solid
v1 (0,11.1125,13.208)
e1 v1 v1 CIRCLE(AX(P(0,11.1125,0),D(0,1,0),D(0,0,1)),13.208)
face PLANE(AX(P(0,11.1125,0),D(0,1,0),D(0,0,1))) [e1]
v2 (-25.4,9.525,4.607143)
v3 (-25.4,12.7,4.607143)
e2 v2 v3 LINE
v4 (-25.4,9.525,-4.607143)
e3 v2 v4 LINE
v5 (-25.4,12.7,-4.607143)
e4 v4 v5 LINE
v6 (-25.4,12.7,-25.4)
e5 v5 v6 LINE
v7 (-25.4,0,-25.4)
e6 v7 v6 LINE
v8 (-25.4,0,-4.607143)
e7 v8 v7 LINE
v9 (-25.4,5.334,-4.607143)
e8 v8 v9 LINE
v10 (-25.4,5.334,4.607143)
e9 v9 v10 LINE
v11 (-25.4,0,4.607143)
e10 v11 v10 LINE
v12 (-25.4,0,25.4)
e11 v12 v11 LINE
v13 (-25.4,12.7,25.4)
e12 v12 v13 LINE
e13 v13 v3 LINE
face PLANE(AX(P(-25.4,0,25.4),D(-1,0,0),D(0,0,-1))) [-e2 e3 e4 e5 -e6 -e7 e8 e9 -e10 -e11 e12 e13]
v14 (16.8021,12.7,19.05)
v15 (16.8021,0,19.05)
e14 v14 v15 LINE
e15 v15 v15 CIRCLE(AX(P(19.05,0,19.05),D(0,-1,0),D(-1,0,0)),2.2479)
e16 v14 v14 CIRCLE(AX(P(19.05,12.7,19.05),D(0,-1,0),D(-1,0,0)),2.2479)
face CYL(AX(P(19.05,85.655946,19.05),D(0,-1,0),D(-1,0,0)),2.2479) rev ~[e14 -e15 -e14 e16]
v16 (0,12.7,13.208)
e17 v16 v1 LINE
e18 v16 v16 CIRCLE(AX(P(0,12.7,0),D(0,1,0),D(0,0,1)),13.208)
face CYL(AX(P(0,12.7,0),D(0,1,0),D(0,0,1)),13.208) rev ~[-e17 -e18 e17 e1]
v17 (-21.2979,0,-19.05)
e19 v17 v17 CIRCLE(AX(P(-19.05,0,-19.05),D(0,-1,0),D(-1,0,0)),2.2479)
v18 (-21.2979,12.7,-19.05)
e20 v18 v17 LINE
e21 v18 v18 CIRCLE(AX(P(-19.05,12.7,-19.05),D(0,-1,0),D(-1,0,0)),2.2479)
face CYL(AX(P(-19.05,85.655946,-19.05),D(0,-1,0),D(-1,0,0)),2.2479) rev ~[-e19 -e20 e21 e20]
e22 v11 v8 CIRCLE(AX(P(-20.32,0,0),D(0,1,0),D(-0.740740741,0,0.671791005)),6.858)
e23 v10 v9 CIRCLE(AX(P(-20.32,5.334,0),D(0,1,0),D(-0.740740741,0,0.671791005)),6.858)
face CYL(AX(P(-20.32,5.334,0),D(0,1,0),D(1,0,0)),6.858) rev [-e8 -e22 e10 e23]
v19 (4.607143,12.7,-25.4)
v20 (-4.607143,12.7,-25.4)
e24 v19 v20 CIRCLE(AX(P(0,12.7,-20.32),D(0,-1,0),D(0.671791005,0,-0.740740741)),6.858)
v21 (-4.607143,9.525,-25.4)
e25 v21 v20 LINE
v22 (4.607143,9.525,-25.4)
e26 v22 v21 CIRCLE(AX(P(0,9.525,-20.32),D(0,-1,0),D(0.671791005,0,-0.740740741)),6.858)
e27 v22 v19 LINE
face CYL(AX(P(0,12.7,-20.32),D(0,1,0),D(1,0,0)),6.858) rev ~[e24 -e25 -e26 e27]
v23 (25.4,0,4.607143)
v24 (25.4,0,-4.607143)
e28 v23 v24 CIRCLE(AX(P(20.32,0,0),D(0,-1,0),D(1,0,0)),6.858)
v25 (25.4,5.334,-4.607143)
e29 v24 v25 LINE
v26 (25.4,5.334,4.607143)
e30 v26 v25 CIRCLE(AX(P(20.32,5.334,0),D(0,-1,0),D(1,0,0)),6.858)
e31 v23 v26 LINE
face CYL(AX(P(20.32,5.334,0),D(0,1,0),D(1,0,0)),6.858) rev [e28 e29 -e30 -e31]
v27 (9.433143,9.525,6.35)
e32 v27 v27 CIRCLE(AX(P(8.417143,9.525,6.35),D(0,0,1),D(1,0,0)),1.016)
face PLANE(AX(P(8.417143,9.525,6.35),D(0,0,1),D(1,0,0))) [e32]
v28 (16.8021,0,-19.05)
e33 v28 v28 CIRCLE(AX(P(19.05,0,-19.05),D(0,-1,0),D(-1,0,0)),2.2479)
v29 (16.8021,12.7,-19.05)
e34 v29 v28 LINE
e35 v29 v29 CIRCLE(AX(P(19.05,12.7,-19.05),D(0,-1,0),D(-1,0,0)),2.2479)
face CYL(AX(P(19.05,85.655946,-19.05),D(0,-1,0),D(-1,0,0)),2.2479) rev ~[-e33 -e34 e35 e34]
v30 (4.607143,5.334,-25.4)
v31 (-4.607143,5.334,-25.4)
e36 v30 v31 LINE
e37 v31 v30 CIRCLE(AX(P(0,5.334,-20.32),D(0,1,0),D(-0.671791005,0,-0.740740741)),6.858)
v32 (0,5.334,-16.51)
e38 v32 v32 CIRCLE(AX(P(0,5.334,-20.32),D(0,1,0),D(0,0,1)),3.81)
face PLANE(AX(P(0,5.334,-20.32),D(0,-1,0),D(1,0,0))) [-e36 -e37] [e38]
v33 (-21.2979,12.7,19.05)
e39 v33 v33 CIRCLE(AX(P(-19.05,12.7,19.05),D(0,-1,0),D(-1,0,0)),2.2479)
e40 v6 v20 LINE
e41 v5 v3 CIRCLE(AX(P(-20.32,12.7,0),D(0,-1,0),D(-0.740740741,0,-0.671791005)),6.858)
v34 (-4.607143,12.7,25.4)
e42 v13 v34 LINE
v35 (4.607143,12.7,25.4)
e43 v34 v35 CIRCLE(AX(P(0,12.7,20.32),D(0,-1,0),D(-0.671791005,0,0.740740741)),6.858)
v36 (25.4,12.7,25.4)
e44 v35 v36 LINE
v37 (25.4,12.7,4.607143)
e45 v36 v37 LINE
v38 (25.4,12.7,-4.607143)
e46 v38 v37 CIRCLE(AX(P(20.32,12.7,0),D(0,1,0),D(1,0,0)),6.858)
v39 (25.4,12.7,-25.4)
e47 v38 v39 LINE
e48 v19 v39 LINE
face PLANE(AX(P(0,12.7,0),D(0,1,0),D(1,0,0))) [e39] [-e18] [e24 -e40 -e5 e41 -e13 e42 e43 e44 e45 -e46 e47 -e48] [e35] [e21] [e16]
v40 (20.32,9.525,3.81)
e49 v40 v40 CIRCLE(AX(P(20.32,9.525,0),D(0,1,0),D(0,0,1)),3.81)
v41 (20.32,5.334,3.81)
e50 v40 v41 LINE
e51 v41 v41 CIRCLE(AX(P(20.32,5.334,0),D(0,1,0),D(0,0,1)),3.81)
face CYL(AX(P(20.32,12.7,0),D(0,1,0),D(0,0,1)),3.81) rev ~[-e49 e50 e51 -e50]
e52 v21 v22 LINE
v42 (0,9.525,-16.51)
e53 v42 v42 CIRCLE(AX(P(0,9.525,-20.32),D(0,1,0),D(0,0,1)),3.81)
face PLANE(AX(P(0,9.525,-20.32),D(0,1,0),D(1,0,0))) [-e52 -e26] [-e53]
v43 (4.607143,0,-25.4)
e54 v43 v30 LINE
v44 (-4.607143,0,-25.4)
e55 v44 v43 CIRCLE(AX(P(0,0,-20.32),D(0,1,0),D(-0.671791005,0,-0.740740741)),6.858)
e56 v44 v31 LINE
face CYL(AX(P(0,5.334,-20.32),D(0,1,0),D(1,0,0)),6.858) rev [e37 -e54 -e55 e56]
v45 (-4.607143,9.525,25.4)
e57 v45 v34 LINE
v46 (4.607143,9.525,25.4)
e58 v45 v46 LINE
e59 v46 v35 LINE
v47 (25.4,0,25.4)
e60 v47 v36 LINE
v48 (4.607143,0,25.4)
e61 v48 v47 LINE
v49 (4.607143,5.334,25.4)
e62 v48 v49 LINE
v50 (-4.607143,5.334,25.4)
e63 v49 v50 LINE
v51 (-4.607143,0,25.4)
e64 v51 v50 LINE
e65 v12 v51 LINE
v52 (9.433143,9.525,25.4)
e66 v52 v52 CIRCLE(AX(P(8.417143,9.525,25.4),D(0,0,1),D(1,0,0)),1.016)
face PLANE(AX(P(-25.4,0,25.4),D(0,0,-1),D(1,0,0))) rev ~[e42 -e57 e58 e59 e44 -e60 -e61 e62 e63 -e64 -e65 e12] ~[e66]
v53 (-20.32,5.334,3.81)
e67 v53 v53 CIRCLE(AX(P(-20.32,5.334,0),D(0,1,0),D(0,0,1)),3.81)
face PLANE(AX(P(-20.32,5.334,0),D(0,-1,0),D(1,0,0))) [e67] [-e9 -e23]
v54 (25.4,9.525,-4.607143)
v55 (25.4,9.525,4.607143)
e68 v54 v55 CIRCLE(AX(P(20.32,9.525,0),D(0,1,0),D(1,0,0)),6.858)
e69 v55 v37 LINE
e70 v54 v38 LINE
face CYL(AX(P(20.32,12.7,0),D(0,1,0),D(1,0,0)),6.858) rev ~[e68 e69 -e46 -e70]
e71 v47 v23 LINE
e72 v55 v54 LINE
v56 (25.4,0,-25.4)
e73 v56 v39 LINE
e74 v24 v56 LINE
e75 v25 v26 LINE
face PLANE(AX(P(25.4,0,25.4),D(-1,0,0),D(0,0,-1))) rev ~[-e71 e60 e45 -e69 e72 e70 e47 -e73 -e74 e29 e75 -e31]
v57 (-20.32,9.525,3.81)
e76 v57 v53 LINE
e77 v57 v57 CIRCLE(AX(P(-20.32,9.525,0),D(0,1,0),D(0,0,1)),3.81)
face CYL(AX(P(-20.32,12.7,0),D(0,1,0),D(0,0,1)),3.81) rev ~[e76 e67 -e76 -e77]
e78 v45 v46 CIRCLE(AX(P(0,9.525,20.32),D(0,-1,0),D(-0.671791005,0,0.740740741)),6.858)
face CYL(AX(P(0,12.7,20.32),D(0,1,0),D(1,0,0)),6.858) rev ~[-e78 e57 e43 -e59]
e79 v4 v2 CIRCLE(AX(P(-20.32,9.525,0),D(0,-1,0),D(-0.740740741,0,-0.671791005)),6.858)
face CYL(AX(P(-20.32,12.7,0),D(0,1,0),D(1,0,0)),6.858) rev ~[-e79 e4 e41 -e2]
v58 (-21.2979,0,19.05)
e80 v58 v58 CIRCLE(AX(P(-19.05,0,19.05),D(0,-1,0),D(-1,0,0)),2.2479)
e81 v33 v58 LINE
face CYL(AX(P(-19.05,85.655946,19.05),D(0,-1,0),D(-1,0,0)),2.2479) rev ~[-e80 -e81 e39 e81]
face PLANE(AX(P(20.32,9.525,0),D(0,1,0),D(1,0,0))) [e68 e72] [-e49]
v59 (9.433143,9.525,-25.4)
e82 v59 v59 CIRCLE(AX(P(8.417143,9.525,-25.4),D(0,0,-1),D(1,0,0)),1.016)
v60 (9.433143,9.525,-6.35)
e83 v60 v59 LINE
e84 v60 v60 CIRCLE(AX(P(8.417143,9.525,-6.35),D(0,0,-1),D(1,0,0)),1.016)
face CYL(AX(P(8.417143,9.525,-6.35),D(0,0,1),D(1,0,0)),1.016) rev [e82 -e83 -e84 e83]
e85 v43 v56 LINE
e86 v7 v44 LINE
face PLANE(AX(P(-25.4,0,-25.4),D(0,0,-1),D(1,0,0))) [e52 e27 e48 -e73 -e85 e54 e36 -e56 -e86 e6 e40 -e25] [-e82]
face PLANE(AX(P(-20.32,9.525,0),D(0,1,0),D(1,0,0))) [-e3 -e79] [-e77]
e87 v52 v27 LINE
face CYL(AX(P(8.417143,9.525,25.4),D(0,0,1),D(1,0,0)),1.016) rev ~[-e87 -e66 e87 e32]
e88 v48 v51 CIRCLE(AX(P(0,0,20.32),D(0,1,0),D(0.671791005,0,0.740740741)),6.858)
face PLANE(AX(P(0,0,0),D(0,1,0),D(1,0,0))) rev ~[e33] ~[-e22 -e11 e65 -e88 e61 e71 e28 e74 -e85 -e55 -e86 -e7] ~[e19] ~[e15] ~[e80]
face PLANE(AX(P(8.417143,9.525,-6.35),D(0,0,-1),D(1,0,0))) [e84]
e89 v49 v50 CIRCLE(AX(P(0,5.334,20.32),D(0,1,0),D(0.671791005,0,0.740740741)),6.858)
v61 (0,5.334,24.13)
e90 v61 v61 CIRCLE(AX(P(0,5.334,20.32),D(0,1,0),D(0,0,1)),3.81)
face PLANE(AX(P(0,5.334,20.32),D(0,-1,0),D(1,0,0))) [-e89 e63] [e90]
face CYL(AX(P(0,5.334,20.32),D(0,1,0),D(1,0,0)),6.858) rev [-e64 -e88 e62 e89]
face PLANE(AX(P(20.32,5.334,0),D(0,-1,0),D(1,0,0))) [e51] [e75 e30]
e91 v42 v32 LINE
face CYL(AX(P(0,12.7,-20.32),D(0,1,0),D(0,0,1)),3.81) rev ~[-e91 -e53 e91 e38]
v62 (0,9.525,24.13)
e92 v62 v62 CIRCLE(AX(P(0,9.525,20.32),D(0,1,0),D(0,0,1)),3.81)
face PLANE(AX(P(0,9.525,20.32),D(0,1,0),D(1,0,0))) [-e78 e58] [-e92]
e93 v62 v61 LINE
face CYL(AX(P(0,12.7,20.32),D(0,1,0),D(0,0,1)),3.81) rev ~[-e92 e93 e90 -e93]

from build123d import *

# Parameters (mm, degrees)
SKETCH1_W             = 50.8
SKETCH1_H             = 50.8
BOSS_EXTRUDE1_DEPTH   = 12.7
F_8_CLEARANCE_HOLE1_D = 4.4958
SKETCH5_R             = 13.208
CUT_EXTRUDE1_DEPTH    = 1.5875
SKETCH6_R             = 3.81
CUT_EXTRUDE2_DEPTH    = 39.1
SKETCH10_R            = 6.858
CUT_EXTRUDE3_DEPTH    = 3.175
CUT_EXTRUDE4_START    = -5.334
SKETCH11_R            = 6.858
CUT_EXTRUDE4_DEPTH    = 5.334
SKETCH12_R            = 1.016
CUT_EXTRUDE5_DEPTH    = 19.05
CUT_EXTRUDE6_START    = -19.05
SKETCH13_R            = 1.016
CUT_EXTRUDE6_DEPTH    = 19.05


with BuildPart() as part:
    # Sketch1 → Boss-Extrude1 (new body)
    with BuildSketch(Plane(origin=(0, 0, 0), x_dir=(1, 0, 0), z_dir=(0, 1, 0))):
        Rectangle(SKETCH1_W, SKETCH1_H)
    extrude(amount=BOSS_EXTRUDE1_DEPTH)

    # #8 Clearance Hole1 (through all)
    with Locations(Plane(origin=(0, 12.7, 0), x_dir=(1, 0, 0), z_dir=(0, 1, 0))):
        with Locations((-19.05, -19.05), (-19.05, 19.05), (19.05, 19.05), (19.05, -19.05)):
            Hole(F_8_CLEARANCE_HOLE1_D / 2)

    # Sketch5 → Cut-Extrude1 (cut)
    with BuildSketch(Plane(origin=(0, 12.7, 0), x_dir=(1, 0, 0), z_dir=(0, 1, 0))):
        with Locations(Location((0, 0, 0), (0, 0, 270))):
            Circle(SKETCH5_R)
    extrude(amount=-CUT_EXTRUDE1_DEPTH, mode=Mode.SUBTRACT)

    # Sketch6 → Cut-Extrude2 (cut, through all)
    with BuildSketch(Plane(origin=(0, 12.7, 0), x_dir=(1, 0, 0), z_dir=(0, 1, 0))):
        with Locations(Location((0, 20.32, 0), (0, 0, 270))):
            Circle(SKETCH6_R)
        with Locations(Location((20.32, 0, 0), (0, 0, 270))):
            Circle(SKETCH6_R)
        with Locations(Location((0, -20.32, 0), (0, 0, 270))):
            Circle(SKETCH6_R)
        with Locations(Location((-20.32, 0, 0), (0, 0, 270))):
            Circle(SKETCH6_R)
    extrude(amount=-CUT_EXTRUDE2_DEPTH, mode=Mode.SUBTRACT)

    # Sketch10 → Cut-Extrude3 (cut)
    with BuildSketch(Plane(origin=(0, 12.7, 0), x_dir=(1, 0, 0), z_dir=(0, 1, 0))):
        with Locations((-20.32, 0)):
            Circle(SKETCH10_R)
        with Locations((0, 20.32)):
            Circle(SKETCH10_R)
        with Locations((20.32, 0)):
            Circle(SKETCH10_R)
        with Locations((0, -20.32)):
            Circle(SKETCH10_R)
    extrude(amount=-CUT_EXTRUDE3_DEPTH, mode=Mode.SUBTRACT)

    # Sketch11 → Cut-Extrude4 (cut)
    with BuildSketch(Plane.XZ.offset(CUT_EXTRUDE4_START)):
        with Locations((-20.32, 0)):
            Circle(SKETCH11_R)
        with Locations((0, 20.32)):
            Circle(SKETCH11_R)
        with Locations((20.32, 0)):
            Circle(SKETCH11_R)
        with Locations((0, -20.32)):
            Circle(SKETCH11_R)
    extrude(amount=CUT_EXTRUDE4_DEPTH, mode=Mode.SUBTRACT)

    # Sketch12 → Cut-Extrude5 (cut)
    with BuildSketch(Plane.XY.offset(25.4)):
        with Locations((8.417142715, 9.525)):
            Circle(SKETCH12_R)
    extrude(amount=-CUT_EXTRUDE5_DEPTH, mode=Mode.SUBTRACT)

    # Sketch13 → Cut-Extrude6 (cut)
    with BuildSketch(Plane(origin=(0, 0, -25.4), x_dir=(-1, 0, 0), z_dir=(0, 0, -1)).offset(CUT_EXTRUDE6_START)):
        with Locations(Location((-8.417142715, 9.525, 0), (0, 0, 180))):
            Circle(SKETCH13_R)
    extrude(amount=CUT_EXTRUDE6_DEPTH, mode=Mode.SUBTRACT)


solid = part.part
